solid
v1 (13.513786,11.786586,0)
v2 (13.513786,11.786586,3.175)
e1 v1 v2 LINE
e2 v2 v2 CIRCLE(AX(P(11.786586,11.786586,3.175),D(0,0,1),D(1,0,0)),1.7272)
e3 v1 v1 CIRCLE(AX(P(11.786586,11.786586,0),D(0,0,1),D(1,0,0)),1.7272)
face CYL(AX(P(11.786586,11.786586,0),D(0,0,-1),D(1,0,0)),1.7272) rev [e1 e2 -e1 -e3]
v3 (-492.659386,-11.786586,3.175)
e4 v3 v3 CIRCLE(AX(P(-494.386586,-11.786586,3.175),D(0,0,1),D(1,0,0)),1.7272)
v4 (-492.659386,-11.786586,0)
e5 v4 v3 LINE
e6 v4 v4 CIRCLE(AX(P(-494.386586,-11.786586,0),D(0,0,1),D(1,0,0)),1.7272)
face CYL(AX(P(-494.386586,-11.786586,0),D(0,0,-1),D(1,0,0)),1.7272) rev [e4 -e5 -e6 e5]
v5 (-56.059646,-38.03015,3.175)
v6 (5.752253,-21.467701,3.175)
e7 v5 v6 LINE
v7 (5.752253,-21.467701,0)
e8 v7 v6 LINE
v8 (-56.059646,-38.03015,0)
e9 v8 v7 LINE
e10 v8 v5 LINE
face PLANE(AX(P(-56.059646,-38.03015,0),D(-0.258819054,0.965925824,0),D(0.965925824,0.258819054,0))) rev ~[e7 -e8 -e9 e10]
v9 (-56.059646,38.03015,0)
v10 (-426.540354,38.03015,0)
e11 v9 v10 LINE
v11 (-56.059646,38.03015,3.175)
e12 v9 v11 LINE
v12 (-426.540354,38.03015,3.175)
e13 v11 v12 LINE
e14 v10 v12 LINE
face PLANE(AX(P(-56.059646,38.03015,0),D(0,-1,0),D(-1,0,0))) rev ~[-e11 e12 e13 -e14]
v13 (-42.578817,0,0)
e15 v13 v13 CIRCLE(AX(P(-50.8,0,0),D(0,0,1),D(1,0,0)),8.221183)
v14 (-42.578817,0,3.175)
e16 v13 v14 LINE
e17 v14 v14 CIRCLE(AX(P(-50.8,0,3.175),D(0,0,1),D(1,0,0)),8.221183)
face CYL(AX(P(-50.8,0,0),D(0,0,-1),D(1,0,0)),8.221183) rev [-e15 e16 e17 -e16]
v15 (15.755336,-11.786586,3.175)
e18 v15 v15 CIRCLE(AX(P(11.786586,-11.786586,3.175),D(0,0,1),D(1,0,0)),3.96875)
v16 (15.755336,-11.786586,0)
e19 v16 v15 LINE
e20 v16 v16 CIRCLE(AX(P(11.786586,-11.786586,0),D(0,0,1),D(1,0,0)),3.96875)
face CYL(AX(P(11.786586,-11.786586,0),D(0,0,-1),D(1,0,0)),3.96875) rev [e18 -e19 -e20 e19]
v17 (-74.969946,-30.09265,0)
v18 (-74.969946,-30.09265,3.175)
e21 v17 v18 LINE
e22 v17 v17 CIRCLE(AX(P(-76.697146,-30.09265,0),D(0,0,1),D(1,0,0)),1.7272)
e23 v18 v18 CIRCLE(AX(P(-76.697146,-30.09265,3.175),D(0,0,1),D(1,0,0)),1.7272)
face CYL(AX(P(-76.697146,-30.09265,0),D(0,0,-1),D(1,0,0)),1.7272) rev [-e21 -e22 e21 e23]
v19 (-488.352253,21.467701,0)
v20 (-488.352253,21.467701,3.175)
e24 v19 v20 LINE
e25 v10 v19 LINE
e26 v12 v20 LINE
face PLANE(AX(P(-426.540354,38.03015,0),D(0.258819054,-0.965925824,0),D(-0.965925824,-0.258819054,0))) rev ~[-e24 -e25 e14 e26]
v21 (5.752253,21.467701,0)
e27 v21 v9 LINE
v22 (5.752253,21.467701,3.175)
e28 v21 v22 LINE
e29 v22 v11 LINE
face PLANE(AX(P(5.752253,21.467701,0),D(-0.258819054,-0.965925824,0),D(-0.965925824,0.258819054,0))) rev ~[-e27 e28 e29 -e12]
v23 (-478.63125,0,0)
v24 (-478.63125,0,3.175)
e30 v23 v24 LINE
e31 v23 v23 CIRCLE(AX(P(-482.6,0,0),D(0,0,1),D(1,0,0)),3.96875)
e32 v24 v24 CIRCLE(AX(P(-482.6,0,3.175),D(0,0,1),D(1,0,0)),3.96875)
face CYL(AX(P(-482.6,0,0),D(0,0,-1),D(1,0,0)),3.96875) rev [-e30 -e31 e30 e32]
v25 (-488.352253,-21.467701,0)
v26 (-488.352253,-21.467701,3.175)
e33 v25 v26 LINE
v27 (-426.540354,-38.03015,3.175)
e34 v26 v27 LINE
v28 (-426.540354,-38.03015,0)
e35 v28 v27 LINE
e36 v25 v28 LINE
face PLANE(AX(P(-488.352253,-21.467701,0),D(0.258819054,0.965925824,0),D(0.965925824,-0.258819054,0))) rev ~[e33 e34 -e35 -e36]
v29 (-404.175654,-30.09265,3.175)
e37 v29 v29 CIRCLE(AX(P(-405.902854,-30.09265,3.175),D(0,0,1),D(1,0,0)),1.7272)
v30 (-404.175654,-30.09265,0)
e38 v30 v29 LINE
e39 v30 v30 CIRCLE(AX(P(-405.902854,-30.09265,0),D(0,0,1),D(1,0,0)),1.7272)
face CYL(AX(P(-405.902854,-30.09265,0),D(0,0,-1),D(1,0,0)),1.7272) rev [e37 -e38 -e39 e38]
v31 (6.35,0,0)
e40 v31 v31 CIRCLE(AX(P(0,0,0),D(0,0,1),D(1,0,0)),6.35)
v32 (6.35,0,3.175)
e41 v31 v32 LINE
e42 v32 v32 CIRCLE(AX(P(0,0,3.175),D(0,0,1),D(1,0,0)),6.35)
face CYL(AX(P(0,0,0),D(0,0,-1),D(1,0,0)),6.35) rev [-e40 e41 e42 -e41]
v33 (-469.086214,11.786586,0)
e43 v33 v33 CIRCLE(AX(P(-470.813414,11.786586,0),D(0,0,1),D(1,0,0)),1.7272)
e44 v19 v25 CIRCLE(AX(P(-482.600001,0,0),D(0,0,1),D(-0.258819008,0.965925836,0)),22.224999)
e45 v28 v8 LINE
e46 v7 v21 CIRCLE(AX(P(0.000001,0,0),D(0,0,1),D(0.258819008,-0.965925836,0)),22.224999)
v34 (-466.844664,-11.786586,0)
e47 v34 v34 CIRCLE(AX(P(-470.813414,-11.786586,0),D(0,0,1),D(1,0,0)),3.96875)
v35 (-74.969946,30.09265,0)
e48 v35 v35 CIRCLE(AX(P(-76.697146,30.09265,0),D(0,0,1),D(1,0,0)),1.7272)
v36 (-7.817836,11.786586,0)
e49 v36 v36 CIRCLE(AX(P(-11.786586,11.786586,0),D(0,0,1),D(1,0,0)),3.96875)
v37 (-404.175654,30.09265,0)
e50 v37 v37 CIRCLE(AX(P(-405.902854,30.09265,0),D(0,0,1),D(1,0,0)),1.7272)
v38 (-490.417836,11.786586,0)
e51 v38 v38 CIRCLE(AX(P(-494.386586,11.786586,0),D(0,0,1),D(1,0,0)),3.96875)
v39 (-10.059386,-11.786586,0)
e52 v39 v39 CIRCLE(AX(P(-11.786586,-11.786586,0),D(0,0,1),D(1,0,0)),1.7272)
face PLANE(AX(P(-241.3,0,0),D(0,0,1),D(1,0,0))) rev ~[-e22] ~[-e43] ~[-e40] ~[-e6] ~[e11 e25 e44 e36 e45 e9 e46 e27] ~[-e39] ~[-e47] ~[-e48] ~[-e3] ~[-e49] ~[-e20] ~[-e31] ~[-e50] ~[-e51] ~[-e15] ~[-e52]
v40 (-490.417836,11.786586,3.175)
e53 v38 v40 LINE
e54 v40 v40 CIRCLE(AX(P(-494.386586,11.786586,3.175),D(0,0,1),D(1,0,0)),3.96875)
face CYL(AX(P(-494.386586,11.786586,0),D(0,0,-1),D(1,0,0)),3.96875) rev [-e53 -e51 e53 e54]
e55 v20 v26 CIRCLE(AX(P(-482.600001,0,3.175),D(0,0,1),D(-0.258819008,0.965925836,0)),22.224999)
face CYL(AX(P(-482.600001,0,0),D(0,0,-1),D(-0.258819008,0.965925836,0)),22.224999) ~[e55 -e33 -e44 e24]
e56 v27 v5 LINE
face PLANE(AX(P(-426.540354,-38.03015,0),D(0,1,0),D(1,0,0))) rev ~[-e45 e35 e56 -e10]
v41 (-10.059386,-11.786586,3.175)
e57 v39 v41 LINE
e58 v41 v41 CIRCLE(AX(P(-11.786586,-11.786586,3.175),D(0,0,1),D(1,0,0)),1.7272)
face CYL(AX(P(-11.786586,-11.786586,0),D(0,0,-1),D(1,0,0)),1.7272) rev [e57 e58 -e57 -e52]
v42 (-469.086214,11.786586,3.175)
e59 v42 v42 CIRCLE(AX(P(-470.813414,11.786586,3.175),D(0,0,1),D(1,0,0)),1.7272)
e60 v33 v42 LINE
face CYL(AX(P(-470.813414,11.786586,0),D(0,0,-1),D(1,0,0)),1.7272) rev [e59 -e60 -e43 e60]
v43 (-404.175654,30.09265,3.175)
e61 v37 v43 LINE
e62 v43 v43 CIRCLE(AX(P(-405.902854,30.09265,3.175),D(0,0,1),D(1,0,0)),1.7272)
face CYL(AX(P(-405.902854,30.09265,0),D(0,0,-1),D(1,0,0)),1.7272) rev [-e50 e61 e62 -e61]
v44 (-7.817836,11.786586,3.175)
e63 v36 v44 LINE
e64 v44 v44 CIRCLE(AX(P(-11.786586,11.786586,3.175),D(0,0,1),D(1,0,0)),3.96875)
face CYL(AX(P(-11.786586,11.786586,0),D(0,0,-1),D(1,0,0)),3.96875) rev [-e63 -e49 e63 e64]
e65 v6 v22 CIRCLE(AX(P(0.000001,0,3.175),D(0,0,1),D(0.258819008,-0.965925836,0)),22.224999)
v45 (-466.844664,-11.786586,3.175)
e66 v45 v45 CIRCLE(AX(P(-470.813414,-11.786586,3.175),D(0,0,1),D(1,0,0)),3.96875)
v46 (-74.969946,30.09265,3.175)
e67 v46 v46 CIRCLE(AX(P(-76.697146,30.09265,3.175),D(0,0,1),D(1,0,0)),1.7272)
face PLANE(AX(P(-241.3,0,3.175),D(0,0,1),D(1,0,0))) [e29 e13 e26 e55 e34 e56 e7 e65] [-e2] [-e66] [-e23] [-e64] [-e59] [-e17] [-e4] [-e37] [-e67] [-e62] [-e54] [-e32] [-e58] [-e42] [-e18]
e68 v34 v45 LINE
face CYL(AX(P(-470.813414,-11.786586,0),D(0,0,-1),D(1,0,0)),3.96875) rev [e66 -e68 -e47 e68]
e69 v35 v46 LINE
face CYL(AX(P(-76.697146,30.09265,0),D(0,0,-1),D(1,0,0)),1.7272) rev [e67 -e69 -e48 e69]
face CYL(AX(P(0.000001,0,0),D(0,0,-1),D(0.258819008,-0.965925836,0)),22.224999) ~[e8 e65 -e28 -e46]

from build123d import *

# Parameters (mm, degrees)
F0_R     = 1.7272
F0_R_2   = 3.96875
F0_R_3   = 8.221183
F0_R_4   = 6.35
F1_DEPTH = 3.175


with BuildPart() as f1:
    # F0 (on Top) → F1 (new body)
    with BuildSketch(Plane.XY):
        with BuildLine():
            Line((-426.540354, 38.03015), (-488.352253, 21.467701))
            ThreePointArc((-488.352253, 21.467701), (-504.825, 0), (-488.352253, -21.467701))
            Line((-488.352253, -21.467701), (-426.540354, -38.03015))
            Line((-426.540354, -38.03015), (-420.190354, -38.03015))
            Line((-420.190354, -38.03015), (-62.409646, -38.03015))
            Line((-62.409646, -38.03015), (-56.059646, -38.03015))
            Line((-56.059646, -38.03015), (5.752253, -21.467701))
            ThreePointArc((5.752253, -21.467701), (22.225, 0), (5.752253, 21.467701))
            Line((5.752253, 21.467701), (-56.059646, 38.03015))
            Line((-56.059646, 38.03015), (-62.409646, 38.03015))
            Line((-62.409646, 38.03015), (-420.190354, 38.03015))
            Line((-420.190354, 38.03015), (-426.540354, 38.03015))
        make_face()
        with Locations((-405.902854, -30.09265)):
            Circle(F0_R, mode=Mode.SUBTRACT)
        with Locations((-494.386586, -11.786586)):
            Circle(F0_R, mode=Mode.SUBTRACT)
        with Locations((-470.813414, -11.786586)):
            Circle(F0_R_2, mode=Mode.SUBTRACT)
        with Locations((-76.697146, -30.09265)):
            Circle(F0_R, mode=Mode.SUBTRACT)
        with Locations((-11.786586, -11.786586)):
            Circle(F0_R, mode=Mode.SUBTRACT)
        with Locations((11.786586, -11.786586)):
            Circle(F0_R_2, mode=Mode.SUBTRACT)
        with Locations((-482.6, 0)):
            Circle(F0_R_2, mode=Mode.SUBTRACT)
        with Locations((-494.386586, 11.786586)):
            Circle(F0_R_2, mode=Mode.SUBTRACT)
        with Locations((-470.813414, 11.786586)):
            Circle(F0_R, mode=Mode.SUBTRACT)
        with Locations((-405.902854, 30.09265)):
            Circle(F0_R, mode=Mode.SUBTRACT)
        with Locations((-50.8, 0)):
            Circle(F0_R_3, mode=Mode.SUBTRACT)
        Circle(F0_R_4, mode=Mode.SUBTRACT)
        with Locations((-11.786586, 11.786586)):
            Circle(F0_R_2, mode=Mode.SUBTRACT)
        with Locations((11.786586, 11.786586)):
            Circle(F0_R, mode=Mode.SUBTRACT)
        with Locations((-76.697146, 30.09265)):
            Circle(F0_R, mode=Mode.SUBTRACT)
    extrude(amount=F1_DEPTH)


solid = f1.part
